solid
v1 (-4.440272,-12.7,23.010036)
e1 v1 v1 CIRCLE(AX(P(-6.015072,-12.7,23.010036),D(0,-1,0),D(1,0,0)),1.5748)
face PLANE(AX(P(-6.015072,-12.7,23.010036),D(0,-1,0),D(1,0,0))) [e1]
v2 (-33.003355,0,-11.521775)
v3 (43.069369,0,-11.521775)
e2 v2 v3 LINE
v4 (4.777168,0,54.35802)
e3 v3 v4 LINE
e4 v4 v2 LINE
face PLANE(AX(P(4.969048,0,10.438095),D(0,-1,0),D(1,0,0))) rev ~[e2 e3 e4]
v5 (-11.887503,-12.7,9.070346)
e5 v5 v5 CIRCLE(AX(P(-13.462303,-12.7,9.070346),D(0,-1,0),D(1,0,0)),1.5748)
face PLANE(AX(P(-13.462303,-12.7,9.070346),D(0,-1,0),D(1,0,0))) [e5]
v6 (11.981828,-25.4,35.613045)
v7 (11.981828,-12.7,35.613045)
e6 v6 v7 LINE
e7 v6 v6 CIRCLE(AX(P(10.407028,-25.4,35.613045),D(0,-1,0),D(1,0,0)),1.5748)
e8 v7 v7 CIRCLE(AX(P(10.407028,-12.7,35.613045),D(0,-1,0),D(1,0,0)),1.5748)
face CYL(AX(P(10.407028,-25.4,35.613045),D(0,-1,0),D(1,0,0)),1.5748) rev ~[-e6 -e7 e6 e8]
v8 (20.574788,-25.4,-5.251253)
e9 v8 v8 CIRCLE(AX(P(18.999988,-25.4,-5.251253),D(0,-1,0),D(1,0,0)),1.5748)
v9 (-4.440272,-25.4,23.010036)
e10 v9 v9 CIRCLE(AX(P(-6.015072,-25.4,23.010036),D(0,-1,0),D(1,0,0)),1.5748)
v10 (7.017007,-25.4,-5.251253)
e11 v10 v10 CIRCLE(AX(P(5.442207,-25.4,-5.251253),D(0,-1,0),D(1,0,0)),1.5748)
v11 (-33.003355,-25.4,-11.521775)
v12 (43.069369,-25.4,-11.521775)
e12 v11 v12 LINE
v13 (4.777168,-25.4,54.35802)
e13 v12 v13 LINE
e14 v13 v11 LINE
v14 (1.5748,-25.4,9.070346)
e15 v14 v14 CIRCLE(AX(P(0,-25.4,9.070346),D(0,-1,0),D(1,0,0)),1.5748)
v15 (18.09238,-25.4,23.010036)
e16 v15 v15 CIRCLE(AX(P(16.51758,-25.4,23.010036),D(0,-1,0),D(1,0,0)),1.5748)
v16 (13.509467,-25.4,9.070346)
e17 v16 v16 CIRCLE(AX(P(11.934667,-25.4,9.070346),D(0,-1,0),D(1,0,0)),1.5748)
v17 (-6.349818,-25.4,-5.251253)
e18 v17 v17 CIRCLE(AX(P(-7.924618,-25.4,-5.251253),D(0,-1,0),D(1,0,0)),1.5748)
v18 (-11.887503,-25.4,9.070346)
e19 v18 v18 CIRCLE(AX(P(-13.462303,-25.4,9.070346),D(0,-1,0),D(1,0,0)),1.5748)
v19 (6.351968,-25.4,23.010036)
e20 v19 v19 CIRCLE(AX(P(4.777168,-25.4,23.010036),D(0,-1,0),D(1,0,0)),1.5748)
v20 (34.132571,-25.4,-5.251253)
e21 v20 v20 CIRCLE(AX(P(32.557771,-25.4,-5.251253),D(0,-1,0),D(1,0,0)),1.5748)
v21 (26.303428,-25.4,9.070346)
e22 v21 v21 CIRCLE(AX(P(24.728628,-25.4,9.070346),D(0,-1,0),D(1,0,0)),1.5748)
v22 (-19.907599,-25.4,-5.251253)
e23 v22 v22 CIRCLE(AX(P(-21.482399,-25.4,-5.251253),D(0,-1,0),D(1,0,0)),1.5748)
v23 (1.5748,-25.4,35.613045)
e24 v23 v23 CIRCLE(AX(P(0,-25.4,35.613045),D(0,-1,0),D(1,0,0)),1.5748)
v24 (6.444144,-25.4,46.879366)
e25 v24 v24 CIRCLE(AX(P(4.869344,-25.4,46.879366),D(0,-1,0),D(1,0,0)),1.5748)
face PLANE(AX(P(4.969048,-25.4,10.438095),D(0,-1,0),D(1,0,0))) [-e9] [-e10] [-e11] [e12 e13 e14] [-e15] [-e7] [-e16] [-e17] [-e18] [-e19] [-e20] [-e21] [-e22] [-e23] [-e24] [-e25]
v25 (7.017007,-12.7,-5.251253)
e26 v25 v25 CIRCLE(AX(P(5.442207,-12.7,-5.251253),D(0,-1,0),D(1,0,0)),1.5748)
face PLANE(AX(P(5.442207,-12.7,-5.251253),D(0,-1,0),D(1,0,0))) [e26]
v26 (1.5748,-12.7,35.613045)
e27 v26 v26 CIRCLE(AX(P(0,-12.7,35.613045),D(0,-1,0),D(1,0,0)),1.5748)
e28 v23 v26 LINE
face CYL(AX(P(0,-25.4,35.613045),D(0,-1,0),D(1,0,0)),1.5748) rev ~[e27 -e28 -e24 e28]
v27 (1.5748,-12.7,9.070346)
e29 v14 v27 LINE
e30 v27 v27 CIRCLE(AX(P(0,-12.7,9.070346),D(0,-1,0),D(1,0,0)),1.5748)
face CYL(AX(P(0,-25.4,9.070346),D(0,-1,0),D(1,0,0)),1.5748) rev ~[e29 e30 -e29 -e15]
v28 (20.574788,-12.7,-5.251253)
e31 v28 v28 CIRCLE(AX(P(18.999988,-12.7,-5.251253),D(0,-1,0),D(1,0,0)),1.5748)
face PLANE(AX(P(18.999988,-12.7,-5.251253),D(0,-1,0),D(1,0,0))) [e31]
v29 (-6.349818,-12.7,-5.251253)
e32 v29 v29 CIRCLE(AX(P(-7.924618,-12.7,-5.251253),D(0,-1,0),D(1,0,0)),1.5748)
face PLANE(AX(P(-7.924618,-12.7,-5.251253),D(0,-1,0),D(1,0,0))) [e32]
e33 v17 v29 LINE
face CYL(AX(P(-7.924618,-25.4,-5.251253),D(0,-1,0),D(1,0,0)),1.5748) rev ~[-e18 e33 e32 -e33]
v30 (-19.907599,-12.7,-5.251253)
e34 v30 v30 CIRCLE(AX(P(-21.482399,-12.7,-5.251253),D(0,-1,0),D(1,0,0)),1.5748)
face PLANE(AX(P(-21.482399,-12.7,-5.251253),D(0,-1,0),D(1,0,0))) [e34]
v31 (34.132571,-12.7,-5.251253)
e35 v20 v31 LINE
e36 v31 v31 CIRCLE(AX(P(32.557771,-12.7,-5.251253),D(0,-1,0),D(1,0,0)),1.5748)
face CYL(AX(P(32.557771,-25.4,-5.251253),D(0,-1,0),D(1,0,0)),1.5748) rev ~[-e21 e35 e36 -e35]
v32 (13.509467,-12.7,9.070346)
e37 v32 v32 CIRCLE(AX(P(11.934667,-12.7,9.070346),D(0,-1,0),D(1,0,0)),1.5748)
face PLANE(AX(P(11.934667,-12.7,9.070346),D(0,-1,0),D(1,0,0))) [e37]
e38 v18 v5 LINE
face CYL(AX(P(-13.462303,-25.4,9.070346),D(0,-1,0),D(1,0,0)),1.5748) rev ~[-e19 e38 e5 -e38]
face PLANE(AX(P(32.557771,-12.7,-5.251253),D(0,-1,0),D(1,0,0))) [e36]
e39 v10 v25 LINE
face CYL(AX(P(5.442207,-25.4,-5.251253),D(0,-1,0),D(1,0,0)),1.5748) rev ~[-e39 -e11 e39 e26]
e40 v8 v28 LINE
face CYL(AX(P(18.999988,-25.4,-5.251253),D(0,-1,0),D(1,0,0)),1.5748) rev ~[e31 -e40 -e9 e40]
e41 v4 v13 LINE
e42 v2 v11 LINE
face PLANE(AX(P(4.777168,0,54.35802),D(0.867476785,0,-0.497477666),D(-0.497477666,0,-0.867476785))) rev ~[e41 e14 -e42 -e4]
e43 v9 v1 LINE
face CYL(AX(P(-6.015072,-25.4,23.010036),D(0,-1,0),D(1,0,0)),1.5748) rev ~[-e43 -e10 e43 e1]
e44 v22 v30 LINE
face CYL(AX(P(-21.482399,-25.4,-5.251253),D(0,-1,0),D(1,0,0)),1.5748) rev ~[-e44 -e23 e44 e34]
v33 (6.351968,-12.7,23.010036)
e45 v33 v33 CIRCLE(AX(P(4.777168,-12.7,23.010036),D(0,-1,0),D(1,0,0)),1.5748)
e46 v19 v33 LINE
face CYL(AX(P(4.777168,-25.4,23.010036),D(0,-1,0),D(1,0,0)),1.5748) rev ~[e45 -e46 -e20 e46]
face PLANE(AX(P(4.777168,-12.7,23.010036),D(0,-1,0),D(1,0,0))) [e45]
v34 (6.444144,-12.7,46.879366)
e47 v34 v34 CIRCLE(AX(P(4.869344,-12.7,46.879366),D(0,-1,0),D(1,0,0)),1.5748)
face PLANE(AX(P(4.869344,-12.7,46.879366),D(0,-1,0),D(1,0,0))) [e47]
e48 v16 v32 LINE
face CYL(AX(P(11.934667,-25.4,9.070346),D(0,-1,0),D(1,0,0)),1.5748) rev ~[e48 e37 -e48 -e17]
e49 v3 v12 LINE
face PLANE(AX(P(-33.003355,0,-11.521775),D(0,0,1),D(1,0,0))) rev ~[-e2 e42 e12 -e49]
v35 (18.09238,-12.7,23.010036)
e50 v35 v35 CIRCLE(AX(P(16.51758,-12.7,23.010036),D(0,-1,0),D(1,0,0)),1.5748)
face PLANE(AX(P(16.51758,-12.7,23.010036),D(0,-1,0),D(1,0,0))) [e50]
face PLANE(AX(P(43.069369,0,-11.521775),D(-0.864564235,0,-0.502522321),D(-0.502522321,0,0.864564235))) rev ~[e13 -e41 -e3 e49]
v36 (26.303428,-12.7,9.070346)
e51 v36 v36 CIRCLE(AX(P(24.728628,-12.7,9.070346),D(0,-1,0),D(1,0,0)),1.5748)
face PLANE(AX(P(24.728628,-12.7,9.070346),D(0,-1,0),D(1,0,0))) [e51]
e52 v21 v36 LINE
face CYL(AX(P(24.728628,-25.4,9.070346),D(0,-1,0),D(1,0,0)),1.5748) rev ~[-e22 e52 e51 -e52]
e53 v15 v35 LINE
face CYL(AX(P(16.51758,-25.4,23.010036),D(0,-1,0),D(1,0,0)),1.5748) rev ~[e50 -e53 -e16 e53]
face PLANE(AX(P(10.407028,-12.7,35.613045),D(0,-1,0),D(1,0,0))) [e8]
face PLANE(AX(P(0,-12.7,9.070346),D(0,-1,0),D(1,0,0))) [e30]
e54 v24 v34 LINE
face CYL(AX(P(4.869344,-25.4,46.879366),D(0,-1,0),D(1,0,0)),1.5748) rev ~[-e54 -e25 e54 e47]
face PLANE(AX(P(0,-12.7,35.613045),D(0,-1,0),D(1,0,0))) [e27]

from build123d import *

# Parameters (mm, degrees)
F1_DEPTH  = 25.4
F2_R      = 1.5748
F3_DEPTH  = 12.7
F4_R      = 1.5748
F5_DEPTH  = 12.7
F6_R      = 1.5748
F7_DEPTH  = 12.7
F8_R      = 1.5748
F9_DEPTH  = 12.7
F10_R     = 1.5748
F11_DEPTH = 12.7


with BuildPart() as f1:
    # F0 (on Front) → F1 (new body)
    with BuildSketch(Plane.XZ):
        Polygon((4.777168, 54.35802), (-33.003355, -11.521775), (43.069369, -11.521775), align=None)
    extrude(amount=F1_DEPTH)

    # F2 (on face) → F3 (cut)
    with BuildSketch(Plane.XZ.offset(25.4)):
        with Locations((-21.482399, -5.251253)):
            Circle(F2_R)
        with Locations((-7.924618, -5.251253)):
            Circle(F2_R)
        with Locations((5.442207, -5.251253)):
            Circle(F2_R)
        with Locations((18.999988, -5.251253)):
            Circle(F2_R)
        with Locations((32.557771, -5.251253)):
            Circle(F2_R)
    extrude(amount=-F3_DEPTH, mode=Mode.SUBTRACT)

    # F4 (on face) → F5 (cut)
    with BuildSketch(Plane.XZ.offset(25.4)):
        with Locations((-13.462303, 9.070346)):
            Circle(F4_R)
        with Locations((0, 9.070346)):
            Circle(F4_R)
        with Locations((11.934667, 9.070346)):
            Circle(F4_R)
        with Locations((24.728628, 9.070346)):
            Circle(F4_R)
    extrude(amount=-F5_DEPTH, mode=Mode.SUBTRACT)

    # F6 (on face) → F7 (cut)
    with BuildSketch(Plane.XZ.offset(25.4)):
        with Locations((-6.015072, 23.010036)):
            Circle(F6_R)
        with Locations((4.777168, 23.010036)):
            Circle(F6_R)
        with Locations((16.51758, 23.010036)):
            Circle(F6_R)
    extrude(amount=-F7_DEPTH, mode=Mode.SUBTRACT)

    # F8 (on face) → F9 (cut)
    with BuildSketch(Plane.XZ.offset(25.4)):
        with Locations((0, 35.613045)):
            Circle(F8_R)
        with Locations((10.407028, 35.613045)):
            Circle(F8_R)
    extrude(amount=-F9_DEPTH, mode=Mode.SUBTRACT)

    # F10 (on face) → F11 (cut)
    with BuildSketch(Plane.XZ.offset(25.4)):
        with Locations((4.869344, 46.879366)):
            Circle(F10_R)
    extrude(amount=-F11_DEPTH, mode=Mode.SUBTRACT)


solid = f1.part
